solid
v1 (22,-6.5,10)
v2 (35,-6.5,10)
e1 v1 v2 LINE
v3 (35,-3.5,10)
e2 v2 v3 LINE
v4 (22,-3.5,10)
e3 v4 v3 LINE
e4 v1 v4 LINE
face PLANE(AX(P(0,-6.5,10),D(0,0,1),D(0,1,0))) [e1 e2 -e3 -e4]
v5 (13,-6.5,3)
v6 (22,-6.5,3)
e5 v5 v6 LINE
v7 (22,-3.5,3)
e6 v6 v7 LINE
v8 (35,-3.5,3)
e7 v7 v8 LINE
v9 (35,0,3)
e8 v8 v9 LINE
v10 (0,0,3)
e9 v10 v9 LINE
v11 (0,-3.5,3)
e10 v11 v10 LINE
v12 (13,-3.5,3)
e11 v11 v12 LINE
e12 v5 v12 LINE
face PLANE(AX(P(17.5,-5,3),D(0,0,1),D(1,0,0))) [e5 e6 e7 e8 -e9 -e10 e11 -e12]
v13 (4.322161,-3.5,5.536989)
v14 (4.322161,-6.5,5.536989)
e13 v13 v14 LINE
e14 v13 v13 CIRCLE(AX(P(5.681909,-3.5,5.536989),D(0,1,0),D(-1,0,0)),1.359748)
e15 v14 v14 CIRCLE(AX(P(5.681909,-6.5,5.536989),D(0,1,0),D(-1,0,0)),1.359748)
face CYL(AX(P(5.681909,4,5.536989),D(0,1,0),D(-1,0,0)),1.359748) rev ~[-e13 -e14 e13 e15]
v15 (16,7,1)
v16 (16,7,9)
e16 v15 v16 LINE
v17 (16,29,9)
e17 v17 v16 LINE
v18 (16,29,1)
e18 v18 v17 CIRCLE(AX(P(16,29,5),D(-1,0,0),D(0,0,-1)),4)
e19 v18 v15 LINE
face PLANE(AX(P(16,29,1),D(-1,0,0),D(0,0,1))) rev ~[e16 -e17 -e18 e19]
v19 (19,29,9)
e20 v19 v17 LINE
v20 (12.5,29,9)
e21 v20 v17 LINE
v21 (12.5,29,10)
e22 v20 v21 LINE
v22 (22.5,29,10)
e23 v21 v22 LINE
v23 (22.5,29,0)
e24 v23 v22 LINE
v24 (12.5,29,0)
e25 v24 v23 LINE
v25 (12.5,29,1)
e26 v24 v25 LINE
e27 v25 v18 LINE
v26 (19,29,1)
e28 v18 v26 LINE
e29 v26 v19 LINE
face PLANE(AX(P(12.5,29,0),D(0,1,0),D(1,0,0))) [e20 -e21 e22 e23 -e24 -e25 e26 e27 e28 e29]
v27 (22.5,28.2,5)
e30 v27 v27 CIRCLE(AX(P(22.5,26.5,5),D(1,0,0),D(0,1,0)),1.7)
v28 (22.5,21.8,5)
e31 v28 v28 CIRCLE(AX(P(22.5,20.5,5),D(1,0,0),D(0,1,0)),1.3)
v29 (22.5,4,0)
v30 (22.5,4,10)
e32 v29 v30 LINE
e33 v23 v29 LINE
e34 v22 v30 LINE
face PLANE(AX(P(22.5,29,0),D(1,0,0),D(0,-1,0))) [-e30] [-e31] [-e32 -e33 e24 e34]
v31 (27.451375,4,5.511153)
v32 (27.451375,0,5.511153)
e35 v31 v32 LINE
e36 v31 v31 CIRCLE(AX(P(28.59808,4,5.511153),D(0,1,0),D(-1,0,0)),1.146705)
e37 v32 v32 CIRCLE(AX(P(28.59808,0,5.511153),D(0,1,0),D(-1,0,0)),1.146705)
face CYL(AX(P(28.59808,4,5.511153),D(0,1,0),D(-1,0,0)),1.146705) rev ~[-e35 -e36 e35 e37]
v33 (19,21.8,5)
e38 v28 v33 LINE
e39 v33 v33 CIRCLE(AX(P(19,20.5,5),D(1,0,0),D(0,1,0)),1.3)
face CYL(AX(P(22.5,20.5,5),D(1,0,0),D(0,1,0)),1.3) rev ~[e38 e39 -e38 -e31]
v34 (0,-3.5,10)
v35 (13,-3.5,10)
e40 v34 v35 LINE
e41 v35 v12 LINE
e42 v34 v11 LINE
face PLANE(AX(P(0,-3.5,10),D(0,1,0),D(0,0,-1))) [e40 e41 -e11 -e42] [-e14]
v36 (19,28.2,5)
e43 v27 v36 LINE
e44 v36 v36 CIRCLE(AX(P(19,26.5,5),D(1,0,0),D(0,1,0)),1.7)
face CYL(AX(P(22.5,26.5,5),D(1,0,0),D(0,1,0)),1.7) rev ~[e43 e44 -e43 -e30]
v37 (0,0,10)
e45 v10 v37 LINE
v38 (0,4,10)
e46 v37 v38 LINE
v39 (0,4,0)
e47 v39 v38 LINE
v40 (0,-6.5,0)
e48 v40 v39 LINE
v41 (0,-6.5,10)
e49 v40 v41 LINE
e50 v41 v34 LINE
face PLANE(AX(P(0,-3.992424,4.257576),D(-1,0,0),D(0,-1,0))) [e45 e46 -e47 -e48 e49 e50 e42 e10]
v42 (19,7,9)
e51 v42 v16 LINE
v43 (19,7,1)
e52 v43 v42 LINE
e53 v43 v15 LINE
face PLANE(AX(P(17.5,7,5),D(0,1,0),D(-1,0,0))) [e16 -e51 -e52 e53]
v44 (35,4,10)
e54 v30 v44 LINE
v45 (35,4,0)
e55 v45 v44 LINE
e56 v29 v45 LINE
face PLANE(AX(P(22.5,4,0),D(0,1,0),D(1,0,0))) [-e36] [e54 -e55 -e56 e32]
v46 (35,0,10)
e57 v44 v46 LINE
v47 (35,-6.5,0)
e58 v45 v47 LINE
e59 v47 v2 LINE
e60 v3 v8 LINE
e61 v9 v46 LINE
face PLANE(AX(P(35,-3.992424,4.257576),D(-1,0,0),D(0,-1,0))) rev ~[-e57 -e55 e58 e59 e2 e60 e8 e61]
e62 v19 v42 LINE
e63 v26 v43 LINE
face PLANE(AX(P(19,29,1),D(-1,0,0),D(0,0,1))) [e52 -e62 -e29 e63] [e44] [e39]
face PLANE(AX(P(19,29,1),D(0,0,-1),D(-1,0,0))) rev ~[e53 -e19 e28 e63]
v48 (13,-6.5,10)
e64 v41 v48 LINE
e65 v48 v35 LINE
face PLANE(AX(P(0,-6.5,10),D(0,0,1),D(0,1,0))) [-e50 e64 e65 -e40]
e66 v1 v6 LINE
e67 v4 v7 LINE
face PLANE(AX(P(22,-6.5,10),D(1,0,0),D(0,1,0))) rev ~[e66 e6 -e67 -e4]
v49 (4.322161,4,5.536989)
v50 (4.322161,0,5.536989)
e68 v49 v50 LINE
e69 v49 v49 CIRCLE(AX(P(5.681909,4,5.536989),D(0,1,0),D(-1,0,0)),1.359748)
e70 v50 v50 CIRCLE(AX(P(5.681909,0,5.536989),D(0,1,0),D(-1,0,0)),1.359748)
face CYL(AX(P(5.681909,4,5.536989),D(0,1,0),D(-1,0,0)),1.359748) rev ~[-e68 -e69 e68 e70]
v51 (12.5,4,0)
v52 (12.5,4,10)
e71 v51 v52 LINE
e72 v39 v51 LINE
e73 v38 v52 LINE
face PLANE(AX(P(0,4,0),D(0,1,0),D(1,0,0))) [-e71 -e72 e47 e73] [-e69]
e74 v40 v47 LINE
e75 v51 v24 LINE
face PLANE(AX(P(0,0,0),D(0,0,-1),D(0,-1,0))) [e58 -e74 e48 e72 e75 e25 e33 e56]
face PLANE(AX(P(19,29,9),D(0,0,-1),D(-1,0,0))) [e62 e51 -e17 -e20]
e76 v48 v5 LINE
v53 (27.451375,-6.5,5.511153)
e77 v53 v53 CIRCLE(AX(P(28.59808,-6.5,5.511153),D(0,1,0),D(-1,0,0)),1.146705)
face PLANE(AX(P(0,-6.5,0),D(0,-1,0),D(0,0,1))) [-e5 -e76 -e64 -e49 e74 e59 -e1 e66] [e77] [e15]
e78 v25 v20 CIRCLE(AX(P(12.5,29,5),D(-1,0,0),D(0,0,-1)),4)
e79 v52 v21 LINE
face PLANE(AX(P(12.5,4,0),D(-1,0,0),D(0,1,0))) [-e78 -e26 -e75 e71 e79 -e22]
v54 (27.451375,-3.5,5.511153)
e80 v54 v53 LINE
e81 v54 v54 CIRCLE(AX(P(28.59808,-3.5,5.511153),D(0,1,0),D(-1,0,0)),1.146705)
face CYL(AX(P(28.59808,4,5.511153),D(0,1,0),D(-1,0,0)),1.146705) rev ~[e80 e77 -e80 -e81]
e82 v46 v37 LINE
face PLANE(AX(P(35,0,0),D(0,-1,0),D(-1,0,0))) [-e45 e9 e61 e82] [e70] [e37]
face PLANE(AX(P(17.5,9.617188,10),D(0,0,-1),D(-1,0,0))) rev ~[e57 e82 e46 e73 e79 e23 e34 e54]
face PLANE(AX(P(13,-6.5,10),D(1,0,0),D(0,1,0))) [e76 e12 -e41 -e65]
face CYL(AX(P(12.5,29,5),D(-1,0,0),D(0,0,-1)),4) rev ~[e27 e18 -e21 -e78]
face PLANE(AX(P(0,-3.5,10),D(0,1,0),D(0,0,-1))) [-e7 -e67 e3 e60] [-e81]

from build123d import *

# Parameters (mm, degrees)
PAD_DEPTH       = 10
SKETCH001_W     = 3
SKETCH001_H     = 8
POCKET_DEPTH    = 22
POCKET001_DEPTH = 5
SKETCH003_R     = 1.7
POCKET002_DEPTH = 5
PAD001_DEPTH    = 35
SKETCH005_W     = 9
SKETCH005_H     = 3
POCKET003_DEPTH = 7
SKETCH009_R     = 1.146705
SKETCH009_R_2   = 1.359748
POCKET005_DEPTH = 10.501
SKETCH010_R     = 1.3
POCKET006_DEPTH = 5


with BuildPart() as part:
    # Sketch → Pad (new body)
    with BuildSketch(Plane.XY):
        Polygon((12.5, 29), (22.5, 29), (22.5, 4), (35, 4), (35, 0), (0, 0), (0, 4), (12.5, 4), align=None)
    extrude(amount=PAD_DEPTH)

    # Sketch001 → Pocket (cut)
    with BuildSketch(Plane(origin=(0, 29, 0), x_dir=(-1, 0, 0), z_dir=(0, 1, 0))):
        with Locations((-17.5, 5)):
            Rectangle(SKETCH001_W, SKETCH001_H)
    extrude(amount=-POCKET_DEPTH, mode=Mode.SUBTRACT)

    # Sketch002 → Pocket001 (cut)
    with BuildSketch(Plane(origin=(12.5, 0, 0), x_dir=(0, -1, 0), z_dir=(-1, 0, 0))):
        with BuildLine():
            ThreePointArc((-29, 1), (-25, 5), (-29, 9))
            Line((-29, 9), (-29, 1))
        make_face()
    extrude(amount=-POCKET001_DEPTH, mode=Mode.SUBTRACT)

    # Sketch003 → Pocket002 (cut)
    with BuildSketch(Plane.YZ.offset(22.5)):
        with Locations((26.5, 5)):
            Circle(SKETCH003_R)
    extrude(amount=-POCKET002_DEPTH, mode=Mode.SUBTRACT)

    # Sketch004 → Pad001 (new body)
    with BuildSketch(Plane(origin=(0, 0, 0), x_dir=(0, -1, 0), z_dir=(-1, 0, 0))):
        Polygon((0, 0), (6.5, 0), (6.5, 10), (3.5, 10), (3.5, 3), (0, 3), align=None)
    extrude(amount=-PAD001_DEPTH)

    # Sketch005 → Pocket003 (cut)
    with BuildSketch(Plane.XY.offset(10)):
        with Locations((17.5, -5)):
            Rectangle(SKETCH005_W, SKETCH005_H)
    extrude(amount=-POCKET003_DEPTH, mode=Mode.SUBTRACT)

    # Sketch009 → Pocket005 (cut, through all)
    with BuildSketch(Plane(origin=(0, 4, 0), x_dir=(-1, 0, 0), z_dir=(0, 1, 0))):
        with Locations((-28.59808, 5.511153)):
            Circle(SKETCH009_R)
        with Locations((-5.681909, 5.536989)):
            Circle(SKETCH009_R_2)
    extrude(amount=-POCKET005_DEPTH, mode=Mode.SUBTRACT)

    # Sketch010 → Pocket006 (cut)
    with BuildSketch(Plane.YZ.offset(22.5)):
        with Locations((20.5, 5)):
            Circle(SKETCH010_R)
    extrude(amount=-POCKET006_DEPTH, mode=Mode.SUBTRACT)


solid = part.part
